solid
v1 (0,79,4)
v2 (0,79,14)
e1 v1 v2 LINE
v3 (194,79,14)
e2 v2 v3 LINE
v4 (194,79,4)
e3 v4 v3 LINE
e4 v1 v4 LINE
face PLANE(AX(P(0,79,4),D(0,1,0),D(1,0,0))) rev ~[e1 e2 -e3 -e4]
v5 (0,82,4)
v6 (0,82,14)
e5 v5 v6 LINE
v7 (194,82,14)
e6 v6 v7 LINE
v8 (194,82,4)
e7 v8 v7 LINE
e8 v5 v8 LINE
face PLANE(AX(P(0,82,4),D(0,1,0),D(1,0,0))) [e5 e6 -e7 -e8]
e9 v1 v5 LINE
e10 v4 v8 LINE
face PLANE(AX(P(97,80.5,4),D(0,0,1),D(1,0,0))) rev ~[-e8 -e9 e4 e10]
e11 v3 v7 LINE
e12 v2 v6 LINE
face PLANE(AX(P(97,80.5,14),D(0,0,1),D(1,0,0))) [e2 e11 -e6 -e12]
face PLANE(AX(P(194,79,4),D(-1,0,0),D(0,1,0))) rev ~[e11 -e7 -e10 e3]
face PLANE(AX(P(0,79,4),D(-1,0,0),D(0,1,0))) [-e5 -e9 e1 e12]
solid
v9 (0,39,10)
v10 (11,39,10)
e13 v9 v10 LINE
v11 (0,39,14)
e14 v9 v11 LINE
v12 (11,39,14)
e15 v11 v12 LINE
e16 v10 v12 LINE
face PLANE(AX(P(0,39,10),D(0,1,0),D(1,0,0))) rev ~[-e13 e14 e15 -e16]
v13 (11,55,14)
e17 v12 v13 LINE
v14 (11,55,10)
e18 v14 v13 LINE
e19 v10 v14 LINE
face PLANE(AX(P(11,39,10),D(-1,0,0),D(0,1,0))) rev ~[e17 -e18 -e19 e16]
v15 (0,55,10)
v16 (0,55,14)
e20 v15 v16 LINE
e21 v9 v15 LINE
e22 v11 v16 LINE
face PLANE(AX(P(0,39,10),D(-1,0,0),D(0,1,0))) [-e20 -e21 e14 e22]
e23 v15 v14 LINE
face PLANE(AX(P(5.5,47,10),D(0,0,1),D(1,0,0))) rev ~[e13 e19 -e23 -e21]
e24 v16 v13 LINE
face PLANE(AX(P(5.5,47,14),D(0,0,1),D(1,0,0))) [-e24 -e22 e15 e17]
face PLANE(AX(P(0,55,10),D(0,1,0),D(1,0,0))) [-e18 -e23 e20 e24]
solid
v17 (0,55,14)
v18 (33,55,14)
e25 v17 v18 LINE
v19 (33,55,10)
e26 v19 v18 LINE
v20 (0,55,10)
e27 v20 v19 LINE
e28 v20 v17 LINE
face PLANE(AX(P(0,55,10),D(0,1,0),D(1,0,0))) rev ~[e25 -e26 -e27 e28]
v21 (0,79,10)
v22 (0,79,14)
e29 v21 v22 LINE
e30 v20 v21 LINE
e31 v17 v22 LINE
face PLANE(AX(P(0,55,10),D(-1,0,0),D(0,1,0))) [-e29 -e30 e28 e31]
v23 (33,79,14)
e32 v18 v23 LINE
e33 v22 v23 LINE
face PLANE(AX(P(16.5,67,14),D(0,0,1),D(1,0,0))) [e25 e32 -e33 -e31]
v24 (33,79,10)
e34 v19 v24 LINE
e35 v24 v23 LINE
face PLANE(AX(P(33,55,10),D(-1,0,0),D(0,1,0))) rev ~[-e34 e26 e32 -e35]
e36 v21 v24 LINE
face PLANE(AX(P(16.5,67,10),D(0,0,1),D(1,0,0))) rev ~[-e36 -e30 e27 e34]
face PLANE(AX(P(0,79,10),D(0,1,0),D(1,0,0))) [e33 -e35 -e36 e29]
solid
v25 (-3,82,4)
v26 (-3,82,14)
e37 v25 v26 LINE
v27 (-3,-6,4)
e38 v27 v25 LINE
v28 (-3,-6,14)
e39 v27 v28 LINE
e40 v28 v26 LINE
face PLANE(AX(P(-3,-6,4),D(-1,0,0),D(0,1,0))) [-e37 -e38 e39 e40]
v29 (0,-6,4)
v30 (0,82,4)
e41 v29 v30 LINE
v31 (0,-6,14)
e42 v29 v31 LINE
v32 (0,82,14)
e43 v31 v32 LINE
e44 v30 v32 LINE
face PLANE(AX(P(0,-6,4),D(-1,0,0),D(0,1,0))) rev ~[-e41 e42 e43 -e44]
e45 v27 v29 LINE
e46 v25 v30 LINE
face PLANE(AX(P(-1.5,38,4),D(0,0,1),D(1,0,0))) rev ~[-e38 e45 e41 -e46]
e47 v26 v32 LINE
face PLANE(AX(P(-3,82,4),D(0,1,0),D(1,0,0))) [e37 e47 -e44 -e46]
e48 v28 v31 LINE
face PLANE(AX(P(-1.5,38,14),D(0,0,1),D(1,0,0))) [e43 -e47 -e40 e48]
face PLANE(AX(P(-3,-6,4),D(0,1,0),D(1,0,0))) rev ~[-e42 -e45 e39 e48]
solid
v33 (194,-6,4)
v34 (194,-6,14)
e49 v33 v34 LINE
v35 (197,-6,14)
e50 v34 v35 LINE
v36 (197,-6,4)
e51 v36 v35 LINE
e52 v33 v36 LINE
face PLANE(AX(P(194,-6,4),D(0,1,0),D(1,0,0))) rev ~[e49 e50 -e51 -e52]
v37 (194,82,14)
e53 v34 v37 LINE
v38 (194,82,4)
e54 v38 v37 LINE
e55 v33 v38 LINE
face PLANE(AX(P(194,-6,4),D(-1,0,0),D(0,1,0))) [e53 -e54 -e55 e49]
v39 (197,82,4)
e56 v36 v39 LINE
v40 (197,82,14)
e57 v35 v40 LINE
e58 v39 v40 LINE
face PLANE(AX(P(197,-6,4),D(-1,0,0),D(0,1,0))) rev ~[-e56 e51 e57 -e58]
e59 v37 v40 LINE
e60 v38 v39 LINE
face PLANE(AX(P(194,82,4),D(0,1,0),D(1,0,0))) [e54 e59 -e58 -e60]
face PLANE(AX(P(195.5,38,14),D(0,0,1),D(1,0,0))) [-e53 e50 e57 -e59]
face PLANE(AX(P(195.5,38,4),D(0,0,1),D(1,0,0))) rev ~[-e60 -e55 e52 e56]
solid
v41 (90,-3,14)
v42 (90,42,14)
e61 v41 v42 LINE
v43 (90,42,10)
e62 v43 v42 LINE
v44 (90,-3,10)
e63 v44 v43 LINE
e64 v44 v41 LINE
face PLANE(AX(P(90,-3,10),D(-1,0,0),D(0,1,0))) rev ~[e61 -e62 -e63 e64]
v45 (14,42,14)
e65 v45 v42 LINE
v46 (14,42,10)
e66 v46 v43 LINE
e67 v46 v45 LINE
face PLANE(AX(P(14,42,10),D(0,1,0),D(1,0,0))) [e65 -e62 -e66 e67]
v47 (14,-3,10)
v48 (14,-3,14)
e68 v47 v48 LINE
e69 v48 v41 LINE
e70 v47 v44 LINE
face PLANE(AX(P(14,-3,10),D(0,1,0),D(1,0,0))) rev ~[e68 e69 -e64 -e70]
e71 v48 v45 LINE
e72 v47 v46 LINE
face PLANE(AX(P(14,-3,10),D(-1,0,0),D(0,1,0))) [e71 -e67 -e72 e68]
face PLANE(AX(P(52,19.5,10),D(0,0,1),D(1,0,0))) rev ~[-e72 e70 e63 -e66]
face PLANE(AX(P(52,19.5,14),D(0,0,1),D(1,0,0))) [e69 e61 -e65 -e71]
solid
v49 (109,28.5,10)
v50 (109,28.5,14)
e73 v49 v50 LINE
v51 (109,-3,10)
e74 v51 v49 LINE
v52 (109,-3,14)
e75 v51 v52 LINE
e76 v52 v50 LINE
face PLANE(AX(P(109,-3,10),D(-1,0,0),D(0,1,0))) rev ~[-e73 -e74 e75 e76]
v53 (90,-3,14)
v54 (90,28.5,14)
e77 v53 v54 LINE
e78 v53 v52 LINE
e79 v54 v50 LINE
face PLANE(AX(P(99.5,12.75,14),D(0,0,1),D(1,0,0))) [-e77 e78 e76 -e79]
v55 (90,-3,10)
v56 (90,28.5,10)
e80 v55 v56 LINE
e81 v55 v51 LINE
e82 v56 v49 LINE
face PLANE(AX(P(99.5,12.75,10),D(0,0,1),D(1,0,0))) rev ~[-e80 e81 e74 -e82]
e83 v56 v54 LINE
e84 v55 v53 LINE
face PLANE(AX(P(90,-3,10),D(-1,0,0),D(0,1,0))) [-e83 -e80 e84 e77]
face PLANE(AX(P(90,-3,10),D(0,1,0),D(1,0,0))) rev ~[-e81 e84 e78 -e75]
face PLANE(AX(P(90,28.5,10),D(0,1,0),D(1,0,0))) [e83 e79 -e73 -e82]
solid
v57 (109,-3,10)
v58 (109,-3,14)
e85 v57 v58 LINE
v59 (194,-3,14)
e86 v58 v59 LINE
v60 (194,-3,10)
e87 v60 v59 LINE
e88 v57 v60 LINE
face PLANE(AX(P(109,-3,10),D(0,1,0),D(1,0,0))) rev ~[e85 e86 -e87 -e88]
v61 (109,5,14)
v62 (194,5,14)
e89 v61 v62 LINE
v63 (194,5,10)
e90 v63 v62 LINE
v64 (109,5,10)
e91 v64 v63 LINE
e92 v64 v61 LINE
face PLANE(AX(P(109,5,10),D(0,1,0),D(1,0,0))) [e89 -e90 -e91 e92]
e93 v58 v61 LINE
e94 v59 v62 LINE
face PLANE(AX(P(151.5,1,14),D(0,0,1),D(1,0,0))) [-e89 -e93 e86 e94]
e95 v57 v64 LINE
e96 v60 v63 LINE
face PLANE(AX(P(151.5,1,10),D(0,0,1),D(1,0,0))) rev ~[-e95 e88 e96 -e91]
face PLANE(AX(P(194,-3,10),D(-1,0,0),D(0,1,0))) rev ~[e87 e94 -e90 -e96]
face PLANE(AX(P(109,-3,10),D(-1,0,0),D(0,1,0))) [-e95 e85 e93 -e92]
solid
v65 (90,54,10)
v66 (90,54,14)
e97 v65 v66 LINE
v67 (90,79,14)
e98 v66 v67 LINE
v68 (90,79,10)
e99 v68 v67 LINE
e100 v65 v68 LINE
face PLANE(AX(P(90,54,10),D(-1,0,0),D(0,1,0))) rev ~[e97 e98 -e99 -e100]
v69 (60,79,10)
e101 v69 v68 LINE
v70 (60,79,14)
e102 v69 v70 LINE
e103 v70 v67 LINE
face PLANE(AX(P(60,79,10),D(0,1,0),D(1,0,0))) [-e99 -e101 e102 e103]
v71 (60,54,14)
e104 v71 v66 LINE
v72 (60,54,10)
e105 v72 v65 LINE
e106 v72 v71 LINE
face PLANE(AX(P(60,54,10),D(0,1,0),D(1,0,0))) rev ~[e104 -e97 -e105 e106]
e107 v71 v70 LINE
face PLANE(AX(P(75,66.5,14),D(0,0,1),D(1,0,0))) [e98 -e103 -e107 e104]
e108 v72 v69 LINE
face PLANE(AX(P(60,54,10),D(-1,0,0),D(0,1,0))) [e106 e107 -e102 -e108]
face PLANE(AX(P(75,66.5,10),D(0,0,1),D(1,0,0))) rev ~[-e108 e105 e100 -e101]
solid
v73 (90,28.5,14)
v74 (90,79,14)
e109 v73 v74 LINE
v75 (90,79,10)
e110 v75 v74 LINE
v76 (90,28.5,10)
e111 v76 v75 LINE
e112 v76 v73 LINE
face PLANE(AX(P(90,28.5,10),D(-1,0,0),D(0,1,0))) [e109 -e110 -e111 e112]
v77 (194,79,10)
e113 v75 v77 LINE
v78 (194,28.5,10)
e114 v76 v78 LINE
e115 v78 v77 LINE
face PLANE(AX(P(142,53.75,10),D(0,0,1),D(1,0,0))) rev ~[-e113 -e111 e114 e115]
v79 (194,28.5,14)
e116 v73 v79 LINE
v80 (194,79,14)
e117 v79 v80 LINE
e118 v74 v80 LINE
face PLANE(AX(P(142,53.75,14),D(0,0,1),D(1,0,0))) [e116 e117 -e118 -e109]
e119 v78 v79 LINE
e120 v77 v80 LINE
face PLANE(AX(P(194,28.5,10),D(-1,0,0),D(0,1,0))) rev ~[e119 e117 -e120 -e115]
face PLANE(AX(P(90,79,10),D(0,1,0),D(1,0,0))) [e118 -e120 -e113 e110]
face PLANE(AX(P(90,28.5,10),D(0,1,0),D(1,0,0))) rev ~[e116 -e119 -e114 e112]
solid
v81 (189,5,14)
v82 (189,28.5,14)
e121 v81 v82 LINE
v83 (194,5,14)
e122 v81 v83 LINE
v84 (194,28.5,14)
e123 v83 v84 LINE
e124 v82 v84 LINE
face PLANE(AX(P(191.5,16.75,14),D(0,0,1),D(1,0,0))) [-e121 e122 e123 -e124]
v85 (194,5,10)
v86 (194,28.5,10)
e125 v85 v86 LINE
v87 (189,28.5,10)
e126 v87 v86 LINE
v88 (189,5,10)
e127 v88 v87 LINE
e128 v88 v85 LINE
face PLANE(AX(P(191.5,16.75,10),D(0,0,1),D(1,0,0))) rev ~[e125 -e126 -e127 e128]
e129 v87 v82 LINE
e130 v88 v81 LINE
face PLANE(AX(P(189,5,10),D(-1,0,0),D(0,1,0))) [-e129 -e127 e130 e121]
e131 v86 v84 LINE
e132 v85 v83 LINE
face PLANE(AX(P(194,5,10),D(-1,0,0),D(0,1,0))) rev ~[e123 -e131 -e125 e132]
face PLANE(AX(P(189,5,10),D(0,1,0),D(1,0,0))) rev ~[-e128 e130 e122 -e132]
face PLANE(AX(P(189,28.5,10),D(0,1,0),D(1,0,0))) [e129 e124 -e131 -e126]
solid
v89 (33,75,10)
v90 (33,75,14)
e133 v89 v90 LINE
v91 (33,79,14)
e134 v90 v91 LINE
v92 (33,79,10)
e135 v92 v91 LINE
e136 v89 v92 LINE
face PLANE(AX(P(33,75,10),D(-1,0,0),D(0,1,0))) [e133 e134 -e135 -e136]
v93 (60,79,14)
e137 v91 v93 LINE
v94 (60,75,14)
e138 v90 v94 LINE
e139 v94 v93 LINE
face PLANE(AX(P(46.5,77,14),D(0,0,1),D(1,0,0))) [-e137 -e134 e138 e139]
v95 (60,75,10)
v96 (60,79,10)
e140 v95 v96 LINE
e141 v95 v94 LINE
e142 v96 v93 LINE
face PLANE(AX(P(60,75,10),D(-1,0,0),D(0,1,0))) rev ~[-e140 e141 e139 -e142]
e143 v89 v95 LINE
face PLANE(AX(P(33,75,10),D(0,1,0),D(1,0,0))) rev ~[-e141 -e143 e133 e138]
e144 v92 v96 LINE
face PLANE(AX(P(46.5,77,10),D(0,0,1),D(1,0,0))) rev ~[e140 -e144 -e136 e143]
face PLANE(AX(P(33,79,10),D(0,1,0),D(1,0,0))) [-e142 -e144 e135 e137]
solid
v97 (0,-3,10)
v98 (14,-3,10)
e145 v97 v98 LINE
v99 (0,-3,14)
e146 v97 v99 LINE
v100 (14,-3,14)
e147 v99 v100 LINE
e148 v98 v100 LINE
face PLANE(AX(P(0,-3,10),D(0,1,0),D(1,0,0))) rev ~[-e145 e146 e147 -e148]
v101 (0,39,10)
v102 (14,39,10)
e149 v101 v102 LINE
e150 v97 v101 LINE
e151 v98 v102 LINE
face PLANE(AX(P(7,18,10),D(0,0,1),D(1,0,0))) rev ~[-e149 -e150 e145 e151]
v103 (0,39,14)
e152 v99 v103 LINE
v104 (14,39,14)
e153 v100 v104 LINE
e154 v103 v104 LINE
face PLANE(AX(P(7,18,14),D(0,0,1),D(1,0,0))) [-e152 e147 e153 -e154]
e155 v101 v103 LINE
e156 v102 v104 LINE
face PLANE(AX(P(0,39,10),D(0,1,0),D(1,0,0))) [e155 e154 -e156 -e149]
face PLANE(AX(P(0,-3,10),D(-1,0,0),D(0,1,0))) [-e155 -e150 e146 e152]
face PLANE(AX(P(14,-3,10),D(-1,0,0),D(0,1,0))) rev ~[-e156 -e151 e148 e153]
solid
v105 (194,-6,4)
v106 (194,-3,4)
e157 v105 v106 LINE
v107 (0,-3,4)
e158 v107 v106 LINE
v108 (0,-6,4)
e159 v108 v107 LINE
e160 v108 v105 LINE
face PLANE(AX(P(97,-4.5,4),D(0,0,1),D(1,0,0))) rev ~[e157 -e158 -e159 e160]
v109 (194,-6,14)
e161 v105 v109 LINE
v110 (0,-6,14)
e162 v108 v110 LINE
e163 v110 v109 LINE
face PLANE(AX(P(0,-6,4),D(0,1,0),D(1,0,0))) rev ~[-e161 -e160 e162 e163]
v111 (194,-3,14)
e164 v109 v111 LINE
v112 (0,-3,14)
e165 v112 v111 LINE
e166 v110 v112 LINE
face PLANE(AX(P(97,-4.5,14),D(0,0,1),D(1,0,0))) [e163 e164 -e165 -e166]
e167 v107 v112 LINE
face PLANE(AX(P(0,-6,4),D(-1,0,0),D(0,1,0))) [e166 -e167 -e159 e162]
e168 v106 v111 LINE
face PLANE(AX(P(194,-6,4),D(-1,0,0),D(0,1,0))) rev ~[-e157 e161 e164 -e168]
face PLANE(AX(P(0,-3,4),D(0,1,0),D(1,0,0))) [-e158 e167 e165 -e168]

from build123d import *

# Parameters (mm, degrees)
BOX001_W     = 85
BOX001_H     = 8
BOX001_DEPTH = 4
BOX002_W     = 5
BOX002_H     = 23.5
BOX002_DEPTH = 4
BOX003_W     = 104
BOX003_H     = 50.5
BOX003_DEPTH = 4
BOX004_W     = 19
BOX004_H     = 31.5
BOX004_DEPTH = 4
BOX005_W     = 76
BOX005_H     = 45
BOX005_DEPTH = 4
BOX006_W     = 30
BOX006_H     = 25
BOX006_DEPTH = 4
BOX007_W     = 14
BOX007_H     = 42
BOX007_DEPTH = 4
BOX008_W     = 33
BOX008_H     = 24
BOX008_DEPTH = 4
BOX009_W     = 11
BOX009_H     = 16
BOX009_DEPTH = 4
BOX_W        = 194
BOX_H        = 3
BOX_DEPTH    = 10
BOX011_W     = 3
BOX011_H     = 88
BOX011_DEPTH = 10
BOX012_W     = 3
BOX012_H     = 88
BOX012_DEPTH = 10
BOX013_W     = 27
BOX013_H     = 4
BOX013_DEPTH = 4
BOX010_W     = 194
BOX010_H     = 3
BOX010_DEPTH = 10


with BuildPart() as box001:
    # Box001 → Box001 (new body)
    with BuildSketch(Plane(origin=(109, -3, 10), x_dir=(1, 0, 0), z_dir=(0, 0, 1))):
        with Locations((42.5, 4)):
            Rectangle(BOX001_W, BOX001_H)
    extrude(amount=BOX001_DEPTH)


with BuildPart() as box002:
    # Box002 → Box002 (new body)
    with BuildSketch(Plane(origin=(189, 5, 10), x_dir=(1, 0, 0), z_dir=(0, 0, 1))):
        with Locations((2.5, 11.75)):
            Rectangle(BOX002_W, BOX002_H)
    extrude(amount=BOX002_DEPTH)


with BuildPart() as box003:
    # Box003 → Box003 (new body)
    with BuildSketch(Plane(origin=(90, 28.5, 10), x_dir=(1, 0, 0), z_dir=(0, 0, 1))):
        with Locations((52, 25.25)):
            Rectangle(BOX003_W, BOX003_H)
    extrude(amount=BOX003_DEPTH)


with BuildPart() as box004:
    # Box004 → Box004 (new body)
    with BuildSketch(Plane(origin=(90, -3, 10), x_dir=(1, 0, 0), z_dir=(0, 0, 1))):
        with Locations((9.5, 15.75)):
            Rectangle(BOX004_W, BOX004_H)
    extrude(amount=BOX004_DEPTH)


with BuildPart() as box005:
    # Box005 → Box005 (new body)
    with BuildSketch(Plane(origin=(14, -3, 10), x_dir=(1, 0, 0), z_dir=(0, 0, 1))):
        with Locations((38, 22.5)):
            Rectangle(BOX005_W, BOX005_H)
    extrude(amount=BOX005_DEPTH)


with BuildPart() as box006:
    # Box006 → Box006 (new body)
    with BuildSketch(Plane(origin=(60, 54, 10), x_dir=(1, 0, 0), z_dir=(0, 0, 1))):
        with Locations((15, 12.5)):
            Rectangle(BOX006_W, BOX006_H)
    extrude(amount=BOX006_DEPTH)


with BuildPart() as box007:
    # Box007 → Box007 (new body)
    with BuildSketch(Plane(origin=(0, -3, 10), x_dir=(1, 0, 0), z_dir=(0, 0, 1))):
        with Locations((7, 21)):
            Rectangle(BOX007_W, BOX007_H)
    extrude(amount=BOX007_DEPTH)


with BuildPart() as box008:
    # Box008 → Box008 (new body)
    with BuildSketch(Plane(origin=(0, 55, 10), x_dir=(1, 0, 0), z_dir=(0, 0, 1))):
        with Locations((16.5, 12)):
            Rectangle(BOX008_W, BOX008_H)
    extrude(amount=BOX008_DEPTH)


with BuildPart() as box009:
    # Box009 → Box009 (new body)
    with BuildSketch(Plane(origin=(0, 39, 10), x_dir=(1, 0, 0), z_dir=(0, 0, 1))):
        with Locations((5.5, 8)):
            Rectangle(BOX009_W, BOX009_H)
    extrude(amount=BOX009_DEPTH)


with BuildPart() as box:
    # Box → Box (new body)
    with BuildSketch(Plane(origin=(0, 79, 4), x_dir=(1, 0, 0), z_dir=(0, 0, 1))):
        with Locations((97, 1.5)):
            Rectangle(BOX_W, BOX_H)
    extrude(amount=BOX_DEPTH)


with BuildPart() as box011:
    # Box011 → Box011 (new body)
    with BuildSketch(Plane(origin=(194, -6, 4), x_dir=(1, 0, 0), z_dir=(0, 0, 1))):
        with Locations((1.5, 44)):
            Rectangle(BOX011_W, BOX011_H)
    extrude(amount=BOX011_DEPTH)


with BuildPart() as box012:
    # Box012 → Box012 (new body)
    with BuildSketch(Plane(origin=(-3, -6, 4), x_dir=(1, 0, 0), z_dir=(0, 0, 1))):
        with Locations((1.5, 44)):
            Rectangle(BOX012_W, BOX012_H)
    extrude(amount=BOX012_DEPTH)


with BuildPart() as box013:
    # Box013 → Box013 (new body)
    with BuildSketch(Plane(origin=(33, 75, 10), x_dir=(1, 0, 0), z_dir=(0, 0, 1))):
        with Locations((13.5, 2)):
            Rectangle(BOX013_W, BOX013_H)
    extrude(amount=BOX013_DEPTH)


with BuildPart() as box010:
    # Box010 → Box010 (new body)
    with BuildSketch(Plane(origin=(0, -6, 4), x_dir=(1, 0, 0), z_dir=(0, 0, 1))):
        with Locations((97, 1.5)):
            Rectangle(BOX010_W, BOX010_H)
    extrude(amount=BOX010_DEPTH)


solid = Compound([box001.part, box002.part, box003.part, box004.part, box005.part, box006.part, box007.part, box008.part, box009.part, box.part, box011.part, box012.part, box013.part, box010.part])
